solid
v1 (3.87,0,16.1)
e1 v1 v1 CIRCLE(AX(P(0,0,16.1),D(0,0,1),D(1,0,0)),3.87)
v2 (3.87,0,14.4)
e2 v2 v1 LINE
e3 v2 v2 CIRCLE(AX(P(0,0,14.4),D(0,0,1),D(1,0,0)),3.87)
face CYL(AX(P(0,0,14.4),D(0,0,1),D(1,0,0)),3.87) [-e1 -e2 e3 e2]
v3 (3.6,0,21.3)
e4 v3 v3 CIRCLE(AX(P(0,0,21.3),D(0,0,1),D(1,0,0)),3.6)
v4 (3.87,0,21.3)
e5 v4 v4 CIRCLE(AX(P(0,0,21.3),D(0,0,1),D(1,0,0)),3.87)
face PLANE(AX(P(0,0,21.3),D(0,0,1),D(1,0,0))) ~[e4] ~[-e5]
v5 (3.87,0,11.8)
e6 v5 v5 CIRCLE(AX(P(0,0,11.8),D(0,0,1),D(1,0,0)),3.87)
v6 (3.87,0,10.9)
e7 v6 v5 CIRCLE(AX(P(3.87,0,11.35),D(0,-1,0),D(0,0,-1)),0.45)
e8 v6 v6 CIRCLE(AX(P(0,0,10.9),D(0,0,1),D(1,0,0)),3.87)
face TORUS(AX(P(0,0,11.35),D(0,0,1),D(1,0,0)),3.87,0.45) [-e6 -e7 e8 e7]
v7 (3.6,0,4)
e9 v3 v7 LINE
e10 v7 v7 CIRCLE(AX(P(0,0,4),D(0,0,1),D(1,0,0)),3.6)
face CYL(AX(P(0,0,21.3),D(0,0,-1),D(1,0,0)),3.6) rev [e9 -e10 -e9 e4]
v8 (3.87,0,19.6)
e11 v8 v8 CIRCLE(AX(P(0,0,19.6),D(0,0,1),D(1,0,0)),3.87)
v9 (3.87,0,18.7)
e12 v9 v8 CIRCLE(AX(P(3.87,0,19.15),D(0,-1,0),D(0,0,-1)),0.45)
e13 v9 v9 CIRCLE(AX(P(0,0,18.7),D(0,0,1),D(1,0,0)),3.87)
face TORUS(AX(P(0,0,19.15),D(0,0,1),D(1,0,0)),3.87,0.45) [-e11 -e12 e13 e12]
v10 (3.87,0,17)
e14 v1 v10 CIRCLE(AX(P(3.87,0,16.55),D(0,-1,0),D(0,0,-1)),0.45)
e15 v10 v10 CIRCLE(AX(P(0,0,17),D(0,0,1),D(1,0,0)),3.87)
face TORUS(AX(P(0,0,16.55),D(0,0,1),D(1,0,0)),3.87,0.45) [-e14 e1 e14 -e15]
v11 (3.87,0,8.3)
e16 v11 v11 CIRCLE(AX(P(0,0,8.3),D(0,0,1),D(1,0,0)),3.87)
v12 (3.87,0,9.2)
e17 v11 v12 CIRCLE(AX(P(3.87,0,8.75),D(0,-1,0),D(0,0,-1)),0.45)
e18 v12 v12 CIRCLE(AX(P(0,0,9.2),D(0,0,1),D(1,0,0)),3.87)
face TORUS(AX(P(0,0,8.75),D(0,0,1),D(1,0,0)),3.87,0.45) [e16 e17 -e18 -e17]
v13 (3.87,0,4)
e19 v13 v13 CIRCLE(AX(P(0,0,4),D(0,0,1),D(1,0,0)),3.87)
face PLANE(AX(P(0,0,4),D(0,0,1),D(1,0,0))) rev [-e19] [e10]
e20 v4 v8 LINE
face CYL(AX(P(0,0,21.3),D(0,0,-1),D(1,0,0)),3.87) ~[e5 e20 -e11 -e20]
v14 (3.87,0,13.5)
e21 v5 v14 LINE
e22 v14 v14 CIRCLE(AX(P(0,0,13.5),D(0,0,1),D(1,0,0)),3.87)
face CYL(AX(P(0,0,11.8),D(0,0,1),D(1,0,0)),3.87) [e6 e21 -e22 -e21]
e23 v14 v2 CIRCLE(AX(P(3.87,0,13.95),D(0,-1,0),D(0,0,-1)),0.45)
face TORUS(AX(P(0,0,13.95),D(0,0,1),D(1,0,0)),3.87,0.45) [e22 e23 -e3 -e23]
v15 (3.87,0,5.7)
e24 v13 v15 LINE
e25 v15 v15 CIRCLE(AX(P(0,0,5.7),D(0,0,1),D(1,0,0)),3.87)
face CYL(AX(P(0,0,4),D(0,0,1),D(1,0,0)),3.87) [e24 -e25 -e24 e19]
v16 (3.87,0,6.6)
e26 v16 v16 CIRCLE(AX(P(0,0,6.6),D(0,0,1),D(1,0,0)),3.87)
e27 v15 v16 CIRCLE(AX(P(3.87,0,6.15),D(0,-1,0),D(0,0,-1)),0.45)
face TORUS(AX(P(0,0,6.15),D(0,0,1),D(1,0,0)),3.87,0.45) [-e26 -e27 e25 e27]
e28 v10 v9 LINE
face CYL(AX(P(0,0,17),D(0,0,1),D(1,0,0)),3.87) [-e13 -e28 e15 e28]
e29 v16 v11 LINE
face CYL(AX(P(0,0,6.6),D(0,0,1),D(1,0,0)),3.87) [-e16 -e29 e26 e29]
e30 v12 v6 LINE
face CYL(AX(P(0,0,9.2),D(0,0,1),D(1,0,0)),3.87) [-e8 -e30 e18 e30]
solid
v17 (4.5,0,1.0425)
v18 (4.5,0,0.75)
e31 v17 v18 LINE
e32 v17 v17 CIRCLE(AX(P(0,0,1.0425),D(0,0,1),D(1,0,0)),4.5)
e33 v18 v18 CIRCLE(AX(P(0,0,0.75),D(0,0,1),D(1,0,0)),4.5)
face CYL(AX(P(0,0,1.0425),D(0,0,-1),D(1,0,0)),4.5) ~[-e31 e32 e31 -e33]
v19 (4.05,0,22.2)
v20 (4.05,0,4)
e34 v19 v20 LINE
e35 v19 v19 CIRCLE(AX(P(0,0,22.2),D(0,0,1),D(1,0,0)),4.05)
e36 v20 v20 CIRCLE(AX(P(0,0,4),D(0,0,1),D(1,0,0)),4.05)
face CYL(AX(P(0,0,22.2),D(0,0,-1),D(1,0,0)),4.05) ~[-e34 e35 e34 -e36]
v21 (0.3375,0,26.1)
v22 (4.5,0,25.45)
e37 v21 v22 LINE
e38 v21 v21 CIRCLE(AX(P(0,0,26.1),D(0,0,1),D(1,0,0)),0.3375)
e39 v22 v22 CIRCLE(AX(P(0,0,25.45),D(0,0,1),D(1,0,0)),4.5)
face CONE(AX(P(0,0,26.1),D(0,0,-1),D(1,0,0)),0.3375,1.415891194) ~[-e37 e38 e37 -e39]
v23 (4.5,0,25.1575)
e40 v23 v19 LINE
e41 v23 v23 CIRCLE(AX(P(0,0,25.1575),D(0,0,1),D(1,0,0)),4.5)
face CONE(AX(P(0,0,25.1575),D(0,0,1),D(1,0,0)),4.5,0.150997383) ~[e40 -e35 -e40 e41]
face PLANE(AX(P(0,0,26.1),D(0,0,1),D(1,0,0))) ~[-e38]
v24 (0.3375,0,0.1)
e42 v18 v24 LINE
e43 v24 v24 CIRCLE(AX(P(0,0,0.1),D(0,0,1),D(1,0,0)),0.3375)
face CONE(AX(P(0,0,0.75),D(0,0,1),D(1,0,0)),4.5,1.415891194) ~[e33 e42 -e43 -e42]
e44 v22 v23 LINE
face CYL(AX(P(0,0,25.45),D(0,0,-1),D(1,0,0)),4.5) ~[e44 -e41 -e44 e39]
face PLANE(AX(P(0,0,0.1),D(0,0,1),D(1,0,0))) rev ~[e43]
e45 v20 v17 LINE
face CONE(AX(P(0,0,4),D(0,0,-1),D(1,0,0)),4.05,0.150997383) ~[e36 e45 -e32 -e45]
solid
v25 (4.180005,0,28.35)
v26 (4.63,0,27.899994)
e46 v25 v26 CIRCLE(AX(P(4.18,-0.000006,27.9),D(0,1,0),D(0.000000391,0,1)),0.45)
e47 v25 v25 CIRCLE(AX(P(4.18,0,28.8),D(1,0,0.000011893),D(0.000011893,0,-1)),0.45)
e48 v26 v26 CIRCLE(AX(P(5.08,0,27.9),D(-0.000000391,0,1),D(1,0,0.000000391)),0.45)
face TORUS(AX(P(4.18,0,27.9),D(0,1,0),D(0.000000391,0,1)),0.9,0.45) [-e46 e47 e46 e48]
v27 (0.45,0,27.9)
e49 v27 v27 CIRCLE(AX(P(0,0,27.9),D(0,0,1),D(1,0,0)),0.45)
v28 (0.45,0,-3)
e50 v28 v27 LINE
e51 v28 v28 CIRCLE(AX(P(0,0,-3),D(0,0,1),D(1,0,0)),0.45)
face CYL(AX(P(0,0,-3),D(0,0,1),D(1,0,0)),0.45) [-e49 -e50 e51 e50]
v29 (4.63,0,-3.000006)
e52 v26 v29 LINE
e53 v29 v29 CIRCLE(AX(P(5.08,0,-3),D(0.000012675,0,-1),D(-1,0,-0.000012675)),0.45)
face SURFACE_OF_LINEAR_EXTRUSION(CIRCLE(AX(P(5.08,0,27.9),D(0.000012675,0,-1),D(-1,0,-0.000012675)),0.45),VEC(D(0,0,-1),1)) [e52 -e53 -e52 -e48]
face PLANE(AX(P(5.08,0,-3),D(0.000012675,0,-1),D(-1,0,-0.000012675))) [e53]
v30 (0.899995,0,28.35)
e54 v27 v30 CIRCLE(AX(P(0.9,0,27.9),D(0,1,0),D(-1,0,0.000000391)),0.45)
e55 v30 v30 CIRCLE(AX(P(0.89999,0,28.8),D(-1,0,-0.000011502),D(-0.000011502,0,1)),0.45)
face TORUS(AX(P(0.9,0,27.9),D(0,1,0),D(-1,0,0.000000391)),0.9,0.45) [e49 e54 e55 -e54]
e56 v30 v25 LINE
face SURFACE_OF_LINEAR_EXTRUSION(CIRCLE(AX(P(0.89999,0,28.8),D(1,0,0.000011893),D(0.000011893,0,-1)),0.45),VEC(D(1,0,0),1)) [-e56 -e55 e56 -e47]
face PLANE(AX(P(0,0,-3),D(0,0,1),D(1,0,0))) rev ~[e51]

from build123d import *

# Parameters (mm, degrees)
SKETCH_R = 0.45


with BuildPart() as sweep_body:
    # Sweep: sweep along a path in Sketch001
    with BuildLine(Plane.XZ) as sweep_path:
        Line((0, -3), (0, 27.9))
        ThreePointArc((0, 27.9), (0.2636, 28.536392), (0.89999, 28.8))
        Line((0.89999, 28.8), (4.18, 28.8))
        ThreePointArc((4.18, 28.8), (4.816396, 28.536396), (5.08, 27.9))
        Line((5.08, 27.9), (5.08, -3))
    # Sketch → Sweep (sweep)
    with BuildSketch(Plane.XY.offset(-2)):
        Circle(SKETCH_R)
    sweep(path=sweep_path.line)


with BuildPart() as revolution:
    # Sketch002 → Revolution (revolve)
    with BuildSketch(Plane.XZ):
        Polygon((0, 0.1), (0, 26.1), (0.3375, 26.1), (4.5, 25.45), (4.5, 25.1575), (4.05, 22.2), (4.05, 4), (4.5, 1.0425), (4.5, 0.75), (0.3375, 0.1), align=None)
    revolve(axis=Axis((0, 0, 0), (0, 0, 1)))


with BuildPart() as revolution001:
    # Sketch003 → Revolution001 (revolve)
    with BuildSketch(Plane.XZ):
        with BuildLine():
            Line((3.6, 21.3), (3.6, 4))
            Line((3.6, 4), (3.87, 4))
            Line((3.87, 4), (3.87, 5.7))
            ThreePointArc((3.87, 5.7), (4.32, 6.15), (3.87, 6.6))
            Line((3.87, 6.6), (3.87, 8.3))
            ThreePointArc((3.87, 8.3), (4.32, 8.75), (3.87, 9.2))
            Line((3.87, 9.2), (3.87, 10.9))
            ThreePointArc((3.87, 10.9), (4.32, 11.35), (3.87, 11.8))
            Line((3.87, 11.8), (3.87, 13.5))
            ThreePointArc((3.87, 13.5), (4.32, 13.95), (3.87, 14.4))
            Line((3.87, 14.4), (3.87, 16.1))
            ThreePointArc((3.87, 16.1), (4.32, 16.55), (3.87, 17))
            Line((3.87, 17), (3.87, 18.7))
            ThreePointArc((3.87, 18.7), (4.32, 19.15), (3.87, 19.6))
            Line((3.87, 21.3), (3.87, 19.6))
            Line((3.6, 21.3), (3.87, 21.3))
        make_face()
    revolve(axis=Axis((0, 0, 0), (0, 0, 1)))


solid = Compound([sweep_body.part, revolution.part, revolution001.part])
